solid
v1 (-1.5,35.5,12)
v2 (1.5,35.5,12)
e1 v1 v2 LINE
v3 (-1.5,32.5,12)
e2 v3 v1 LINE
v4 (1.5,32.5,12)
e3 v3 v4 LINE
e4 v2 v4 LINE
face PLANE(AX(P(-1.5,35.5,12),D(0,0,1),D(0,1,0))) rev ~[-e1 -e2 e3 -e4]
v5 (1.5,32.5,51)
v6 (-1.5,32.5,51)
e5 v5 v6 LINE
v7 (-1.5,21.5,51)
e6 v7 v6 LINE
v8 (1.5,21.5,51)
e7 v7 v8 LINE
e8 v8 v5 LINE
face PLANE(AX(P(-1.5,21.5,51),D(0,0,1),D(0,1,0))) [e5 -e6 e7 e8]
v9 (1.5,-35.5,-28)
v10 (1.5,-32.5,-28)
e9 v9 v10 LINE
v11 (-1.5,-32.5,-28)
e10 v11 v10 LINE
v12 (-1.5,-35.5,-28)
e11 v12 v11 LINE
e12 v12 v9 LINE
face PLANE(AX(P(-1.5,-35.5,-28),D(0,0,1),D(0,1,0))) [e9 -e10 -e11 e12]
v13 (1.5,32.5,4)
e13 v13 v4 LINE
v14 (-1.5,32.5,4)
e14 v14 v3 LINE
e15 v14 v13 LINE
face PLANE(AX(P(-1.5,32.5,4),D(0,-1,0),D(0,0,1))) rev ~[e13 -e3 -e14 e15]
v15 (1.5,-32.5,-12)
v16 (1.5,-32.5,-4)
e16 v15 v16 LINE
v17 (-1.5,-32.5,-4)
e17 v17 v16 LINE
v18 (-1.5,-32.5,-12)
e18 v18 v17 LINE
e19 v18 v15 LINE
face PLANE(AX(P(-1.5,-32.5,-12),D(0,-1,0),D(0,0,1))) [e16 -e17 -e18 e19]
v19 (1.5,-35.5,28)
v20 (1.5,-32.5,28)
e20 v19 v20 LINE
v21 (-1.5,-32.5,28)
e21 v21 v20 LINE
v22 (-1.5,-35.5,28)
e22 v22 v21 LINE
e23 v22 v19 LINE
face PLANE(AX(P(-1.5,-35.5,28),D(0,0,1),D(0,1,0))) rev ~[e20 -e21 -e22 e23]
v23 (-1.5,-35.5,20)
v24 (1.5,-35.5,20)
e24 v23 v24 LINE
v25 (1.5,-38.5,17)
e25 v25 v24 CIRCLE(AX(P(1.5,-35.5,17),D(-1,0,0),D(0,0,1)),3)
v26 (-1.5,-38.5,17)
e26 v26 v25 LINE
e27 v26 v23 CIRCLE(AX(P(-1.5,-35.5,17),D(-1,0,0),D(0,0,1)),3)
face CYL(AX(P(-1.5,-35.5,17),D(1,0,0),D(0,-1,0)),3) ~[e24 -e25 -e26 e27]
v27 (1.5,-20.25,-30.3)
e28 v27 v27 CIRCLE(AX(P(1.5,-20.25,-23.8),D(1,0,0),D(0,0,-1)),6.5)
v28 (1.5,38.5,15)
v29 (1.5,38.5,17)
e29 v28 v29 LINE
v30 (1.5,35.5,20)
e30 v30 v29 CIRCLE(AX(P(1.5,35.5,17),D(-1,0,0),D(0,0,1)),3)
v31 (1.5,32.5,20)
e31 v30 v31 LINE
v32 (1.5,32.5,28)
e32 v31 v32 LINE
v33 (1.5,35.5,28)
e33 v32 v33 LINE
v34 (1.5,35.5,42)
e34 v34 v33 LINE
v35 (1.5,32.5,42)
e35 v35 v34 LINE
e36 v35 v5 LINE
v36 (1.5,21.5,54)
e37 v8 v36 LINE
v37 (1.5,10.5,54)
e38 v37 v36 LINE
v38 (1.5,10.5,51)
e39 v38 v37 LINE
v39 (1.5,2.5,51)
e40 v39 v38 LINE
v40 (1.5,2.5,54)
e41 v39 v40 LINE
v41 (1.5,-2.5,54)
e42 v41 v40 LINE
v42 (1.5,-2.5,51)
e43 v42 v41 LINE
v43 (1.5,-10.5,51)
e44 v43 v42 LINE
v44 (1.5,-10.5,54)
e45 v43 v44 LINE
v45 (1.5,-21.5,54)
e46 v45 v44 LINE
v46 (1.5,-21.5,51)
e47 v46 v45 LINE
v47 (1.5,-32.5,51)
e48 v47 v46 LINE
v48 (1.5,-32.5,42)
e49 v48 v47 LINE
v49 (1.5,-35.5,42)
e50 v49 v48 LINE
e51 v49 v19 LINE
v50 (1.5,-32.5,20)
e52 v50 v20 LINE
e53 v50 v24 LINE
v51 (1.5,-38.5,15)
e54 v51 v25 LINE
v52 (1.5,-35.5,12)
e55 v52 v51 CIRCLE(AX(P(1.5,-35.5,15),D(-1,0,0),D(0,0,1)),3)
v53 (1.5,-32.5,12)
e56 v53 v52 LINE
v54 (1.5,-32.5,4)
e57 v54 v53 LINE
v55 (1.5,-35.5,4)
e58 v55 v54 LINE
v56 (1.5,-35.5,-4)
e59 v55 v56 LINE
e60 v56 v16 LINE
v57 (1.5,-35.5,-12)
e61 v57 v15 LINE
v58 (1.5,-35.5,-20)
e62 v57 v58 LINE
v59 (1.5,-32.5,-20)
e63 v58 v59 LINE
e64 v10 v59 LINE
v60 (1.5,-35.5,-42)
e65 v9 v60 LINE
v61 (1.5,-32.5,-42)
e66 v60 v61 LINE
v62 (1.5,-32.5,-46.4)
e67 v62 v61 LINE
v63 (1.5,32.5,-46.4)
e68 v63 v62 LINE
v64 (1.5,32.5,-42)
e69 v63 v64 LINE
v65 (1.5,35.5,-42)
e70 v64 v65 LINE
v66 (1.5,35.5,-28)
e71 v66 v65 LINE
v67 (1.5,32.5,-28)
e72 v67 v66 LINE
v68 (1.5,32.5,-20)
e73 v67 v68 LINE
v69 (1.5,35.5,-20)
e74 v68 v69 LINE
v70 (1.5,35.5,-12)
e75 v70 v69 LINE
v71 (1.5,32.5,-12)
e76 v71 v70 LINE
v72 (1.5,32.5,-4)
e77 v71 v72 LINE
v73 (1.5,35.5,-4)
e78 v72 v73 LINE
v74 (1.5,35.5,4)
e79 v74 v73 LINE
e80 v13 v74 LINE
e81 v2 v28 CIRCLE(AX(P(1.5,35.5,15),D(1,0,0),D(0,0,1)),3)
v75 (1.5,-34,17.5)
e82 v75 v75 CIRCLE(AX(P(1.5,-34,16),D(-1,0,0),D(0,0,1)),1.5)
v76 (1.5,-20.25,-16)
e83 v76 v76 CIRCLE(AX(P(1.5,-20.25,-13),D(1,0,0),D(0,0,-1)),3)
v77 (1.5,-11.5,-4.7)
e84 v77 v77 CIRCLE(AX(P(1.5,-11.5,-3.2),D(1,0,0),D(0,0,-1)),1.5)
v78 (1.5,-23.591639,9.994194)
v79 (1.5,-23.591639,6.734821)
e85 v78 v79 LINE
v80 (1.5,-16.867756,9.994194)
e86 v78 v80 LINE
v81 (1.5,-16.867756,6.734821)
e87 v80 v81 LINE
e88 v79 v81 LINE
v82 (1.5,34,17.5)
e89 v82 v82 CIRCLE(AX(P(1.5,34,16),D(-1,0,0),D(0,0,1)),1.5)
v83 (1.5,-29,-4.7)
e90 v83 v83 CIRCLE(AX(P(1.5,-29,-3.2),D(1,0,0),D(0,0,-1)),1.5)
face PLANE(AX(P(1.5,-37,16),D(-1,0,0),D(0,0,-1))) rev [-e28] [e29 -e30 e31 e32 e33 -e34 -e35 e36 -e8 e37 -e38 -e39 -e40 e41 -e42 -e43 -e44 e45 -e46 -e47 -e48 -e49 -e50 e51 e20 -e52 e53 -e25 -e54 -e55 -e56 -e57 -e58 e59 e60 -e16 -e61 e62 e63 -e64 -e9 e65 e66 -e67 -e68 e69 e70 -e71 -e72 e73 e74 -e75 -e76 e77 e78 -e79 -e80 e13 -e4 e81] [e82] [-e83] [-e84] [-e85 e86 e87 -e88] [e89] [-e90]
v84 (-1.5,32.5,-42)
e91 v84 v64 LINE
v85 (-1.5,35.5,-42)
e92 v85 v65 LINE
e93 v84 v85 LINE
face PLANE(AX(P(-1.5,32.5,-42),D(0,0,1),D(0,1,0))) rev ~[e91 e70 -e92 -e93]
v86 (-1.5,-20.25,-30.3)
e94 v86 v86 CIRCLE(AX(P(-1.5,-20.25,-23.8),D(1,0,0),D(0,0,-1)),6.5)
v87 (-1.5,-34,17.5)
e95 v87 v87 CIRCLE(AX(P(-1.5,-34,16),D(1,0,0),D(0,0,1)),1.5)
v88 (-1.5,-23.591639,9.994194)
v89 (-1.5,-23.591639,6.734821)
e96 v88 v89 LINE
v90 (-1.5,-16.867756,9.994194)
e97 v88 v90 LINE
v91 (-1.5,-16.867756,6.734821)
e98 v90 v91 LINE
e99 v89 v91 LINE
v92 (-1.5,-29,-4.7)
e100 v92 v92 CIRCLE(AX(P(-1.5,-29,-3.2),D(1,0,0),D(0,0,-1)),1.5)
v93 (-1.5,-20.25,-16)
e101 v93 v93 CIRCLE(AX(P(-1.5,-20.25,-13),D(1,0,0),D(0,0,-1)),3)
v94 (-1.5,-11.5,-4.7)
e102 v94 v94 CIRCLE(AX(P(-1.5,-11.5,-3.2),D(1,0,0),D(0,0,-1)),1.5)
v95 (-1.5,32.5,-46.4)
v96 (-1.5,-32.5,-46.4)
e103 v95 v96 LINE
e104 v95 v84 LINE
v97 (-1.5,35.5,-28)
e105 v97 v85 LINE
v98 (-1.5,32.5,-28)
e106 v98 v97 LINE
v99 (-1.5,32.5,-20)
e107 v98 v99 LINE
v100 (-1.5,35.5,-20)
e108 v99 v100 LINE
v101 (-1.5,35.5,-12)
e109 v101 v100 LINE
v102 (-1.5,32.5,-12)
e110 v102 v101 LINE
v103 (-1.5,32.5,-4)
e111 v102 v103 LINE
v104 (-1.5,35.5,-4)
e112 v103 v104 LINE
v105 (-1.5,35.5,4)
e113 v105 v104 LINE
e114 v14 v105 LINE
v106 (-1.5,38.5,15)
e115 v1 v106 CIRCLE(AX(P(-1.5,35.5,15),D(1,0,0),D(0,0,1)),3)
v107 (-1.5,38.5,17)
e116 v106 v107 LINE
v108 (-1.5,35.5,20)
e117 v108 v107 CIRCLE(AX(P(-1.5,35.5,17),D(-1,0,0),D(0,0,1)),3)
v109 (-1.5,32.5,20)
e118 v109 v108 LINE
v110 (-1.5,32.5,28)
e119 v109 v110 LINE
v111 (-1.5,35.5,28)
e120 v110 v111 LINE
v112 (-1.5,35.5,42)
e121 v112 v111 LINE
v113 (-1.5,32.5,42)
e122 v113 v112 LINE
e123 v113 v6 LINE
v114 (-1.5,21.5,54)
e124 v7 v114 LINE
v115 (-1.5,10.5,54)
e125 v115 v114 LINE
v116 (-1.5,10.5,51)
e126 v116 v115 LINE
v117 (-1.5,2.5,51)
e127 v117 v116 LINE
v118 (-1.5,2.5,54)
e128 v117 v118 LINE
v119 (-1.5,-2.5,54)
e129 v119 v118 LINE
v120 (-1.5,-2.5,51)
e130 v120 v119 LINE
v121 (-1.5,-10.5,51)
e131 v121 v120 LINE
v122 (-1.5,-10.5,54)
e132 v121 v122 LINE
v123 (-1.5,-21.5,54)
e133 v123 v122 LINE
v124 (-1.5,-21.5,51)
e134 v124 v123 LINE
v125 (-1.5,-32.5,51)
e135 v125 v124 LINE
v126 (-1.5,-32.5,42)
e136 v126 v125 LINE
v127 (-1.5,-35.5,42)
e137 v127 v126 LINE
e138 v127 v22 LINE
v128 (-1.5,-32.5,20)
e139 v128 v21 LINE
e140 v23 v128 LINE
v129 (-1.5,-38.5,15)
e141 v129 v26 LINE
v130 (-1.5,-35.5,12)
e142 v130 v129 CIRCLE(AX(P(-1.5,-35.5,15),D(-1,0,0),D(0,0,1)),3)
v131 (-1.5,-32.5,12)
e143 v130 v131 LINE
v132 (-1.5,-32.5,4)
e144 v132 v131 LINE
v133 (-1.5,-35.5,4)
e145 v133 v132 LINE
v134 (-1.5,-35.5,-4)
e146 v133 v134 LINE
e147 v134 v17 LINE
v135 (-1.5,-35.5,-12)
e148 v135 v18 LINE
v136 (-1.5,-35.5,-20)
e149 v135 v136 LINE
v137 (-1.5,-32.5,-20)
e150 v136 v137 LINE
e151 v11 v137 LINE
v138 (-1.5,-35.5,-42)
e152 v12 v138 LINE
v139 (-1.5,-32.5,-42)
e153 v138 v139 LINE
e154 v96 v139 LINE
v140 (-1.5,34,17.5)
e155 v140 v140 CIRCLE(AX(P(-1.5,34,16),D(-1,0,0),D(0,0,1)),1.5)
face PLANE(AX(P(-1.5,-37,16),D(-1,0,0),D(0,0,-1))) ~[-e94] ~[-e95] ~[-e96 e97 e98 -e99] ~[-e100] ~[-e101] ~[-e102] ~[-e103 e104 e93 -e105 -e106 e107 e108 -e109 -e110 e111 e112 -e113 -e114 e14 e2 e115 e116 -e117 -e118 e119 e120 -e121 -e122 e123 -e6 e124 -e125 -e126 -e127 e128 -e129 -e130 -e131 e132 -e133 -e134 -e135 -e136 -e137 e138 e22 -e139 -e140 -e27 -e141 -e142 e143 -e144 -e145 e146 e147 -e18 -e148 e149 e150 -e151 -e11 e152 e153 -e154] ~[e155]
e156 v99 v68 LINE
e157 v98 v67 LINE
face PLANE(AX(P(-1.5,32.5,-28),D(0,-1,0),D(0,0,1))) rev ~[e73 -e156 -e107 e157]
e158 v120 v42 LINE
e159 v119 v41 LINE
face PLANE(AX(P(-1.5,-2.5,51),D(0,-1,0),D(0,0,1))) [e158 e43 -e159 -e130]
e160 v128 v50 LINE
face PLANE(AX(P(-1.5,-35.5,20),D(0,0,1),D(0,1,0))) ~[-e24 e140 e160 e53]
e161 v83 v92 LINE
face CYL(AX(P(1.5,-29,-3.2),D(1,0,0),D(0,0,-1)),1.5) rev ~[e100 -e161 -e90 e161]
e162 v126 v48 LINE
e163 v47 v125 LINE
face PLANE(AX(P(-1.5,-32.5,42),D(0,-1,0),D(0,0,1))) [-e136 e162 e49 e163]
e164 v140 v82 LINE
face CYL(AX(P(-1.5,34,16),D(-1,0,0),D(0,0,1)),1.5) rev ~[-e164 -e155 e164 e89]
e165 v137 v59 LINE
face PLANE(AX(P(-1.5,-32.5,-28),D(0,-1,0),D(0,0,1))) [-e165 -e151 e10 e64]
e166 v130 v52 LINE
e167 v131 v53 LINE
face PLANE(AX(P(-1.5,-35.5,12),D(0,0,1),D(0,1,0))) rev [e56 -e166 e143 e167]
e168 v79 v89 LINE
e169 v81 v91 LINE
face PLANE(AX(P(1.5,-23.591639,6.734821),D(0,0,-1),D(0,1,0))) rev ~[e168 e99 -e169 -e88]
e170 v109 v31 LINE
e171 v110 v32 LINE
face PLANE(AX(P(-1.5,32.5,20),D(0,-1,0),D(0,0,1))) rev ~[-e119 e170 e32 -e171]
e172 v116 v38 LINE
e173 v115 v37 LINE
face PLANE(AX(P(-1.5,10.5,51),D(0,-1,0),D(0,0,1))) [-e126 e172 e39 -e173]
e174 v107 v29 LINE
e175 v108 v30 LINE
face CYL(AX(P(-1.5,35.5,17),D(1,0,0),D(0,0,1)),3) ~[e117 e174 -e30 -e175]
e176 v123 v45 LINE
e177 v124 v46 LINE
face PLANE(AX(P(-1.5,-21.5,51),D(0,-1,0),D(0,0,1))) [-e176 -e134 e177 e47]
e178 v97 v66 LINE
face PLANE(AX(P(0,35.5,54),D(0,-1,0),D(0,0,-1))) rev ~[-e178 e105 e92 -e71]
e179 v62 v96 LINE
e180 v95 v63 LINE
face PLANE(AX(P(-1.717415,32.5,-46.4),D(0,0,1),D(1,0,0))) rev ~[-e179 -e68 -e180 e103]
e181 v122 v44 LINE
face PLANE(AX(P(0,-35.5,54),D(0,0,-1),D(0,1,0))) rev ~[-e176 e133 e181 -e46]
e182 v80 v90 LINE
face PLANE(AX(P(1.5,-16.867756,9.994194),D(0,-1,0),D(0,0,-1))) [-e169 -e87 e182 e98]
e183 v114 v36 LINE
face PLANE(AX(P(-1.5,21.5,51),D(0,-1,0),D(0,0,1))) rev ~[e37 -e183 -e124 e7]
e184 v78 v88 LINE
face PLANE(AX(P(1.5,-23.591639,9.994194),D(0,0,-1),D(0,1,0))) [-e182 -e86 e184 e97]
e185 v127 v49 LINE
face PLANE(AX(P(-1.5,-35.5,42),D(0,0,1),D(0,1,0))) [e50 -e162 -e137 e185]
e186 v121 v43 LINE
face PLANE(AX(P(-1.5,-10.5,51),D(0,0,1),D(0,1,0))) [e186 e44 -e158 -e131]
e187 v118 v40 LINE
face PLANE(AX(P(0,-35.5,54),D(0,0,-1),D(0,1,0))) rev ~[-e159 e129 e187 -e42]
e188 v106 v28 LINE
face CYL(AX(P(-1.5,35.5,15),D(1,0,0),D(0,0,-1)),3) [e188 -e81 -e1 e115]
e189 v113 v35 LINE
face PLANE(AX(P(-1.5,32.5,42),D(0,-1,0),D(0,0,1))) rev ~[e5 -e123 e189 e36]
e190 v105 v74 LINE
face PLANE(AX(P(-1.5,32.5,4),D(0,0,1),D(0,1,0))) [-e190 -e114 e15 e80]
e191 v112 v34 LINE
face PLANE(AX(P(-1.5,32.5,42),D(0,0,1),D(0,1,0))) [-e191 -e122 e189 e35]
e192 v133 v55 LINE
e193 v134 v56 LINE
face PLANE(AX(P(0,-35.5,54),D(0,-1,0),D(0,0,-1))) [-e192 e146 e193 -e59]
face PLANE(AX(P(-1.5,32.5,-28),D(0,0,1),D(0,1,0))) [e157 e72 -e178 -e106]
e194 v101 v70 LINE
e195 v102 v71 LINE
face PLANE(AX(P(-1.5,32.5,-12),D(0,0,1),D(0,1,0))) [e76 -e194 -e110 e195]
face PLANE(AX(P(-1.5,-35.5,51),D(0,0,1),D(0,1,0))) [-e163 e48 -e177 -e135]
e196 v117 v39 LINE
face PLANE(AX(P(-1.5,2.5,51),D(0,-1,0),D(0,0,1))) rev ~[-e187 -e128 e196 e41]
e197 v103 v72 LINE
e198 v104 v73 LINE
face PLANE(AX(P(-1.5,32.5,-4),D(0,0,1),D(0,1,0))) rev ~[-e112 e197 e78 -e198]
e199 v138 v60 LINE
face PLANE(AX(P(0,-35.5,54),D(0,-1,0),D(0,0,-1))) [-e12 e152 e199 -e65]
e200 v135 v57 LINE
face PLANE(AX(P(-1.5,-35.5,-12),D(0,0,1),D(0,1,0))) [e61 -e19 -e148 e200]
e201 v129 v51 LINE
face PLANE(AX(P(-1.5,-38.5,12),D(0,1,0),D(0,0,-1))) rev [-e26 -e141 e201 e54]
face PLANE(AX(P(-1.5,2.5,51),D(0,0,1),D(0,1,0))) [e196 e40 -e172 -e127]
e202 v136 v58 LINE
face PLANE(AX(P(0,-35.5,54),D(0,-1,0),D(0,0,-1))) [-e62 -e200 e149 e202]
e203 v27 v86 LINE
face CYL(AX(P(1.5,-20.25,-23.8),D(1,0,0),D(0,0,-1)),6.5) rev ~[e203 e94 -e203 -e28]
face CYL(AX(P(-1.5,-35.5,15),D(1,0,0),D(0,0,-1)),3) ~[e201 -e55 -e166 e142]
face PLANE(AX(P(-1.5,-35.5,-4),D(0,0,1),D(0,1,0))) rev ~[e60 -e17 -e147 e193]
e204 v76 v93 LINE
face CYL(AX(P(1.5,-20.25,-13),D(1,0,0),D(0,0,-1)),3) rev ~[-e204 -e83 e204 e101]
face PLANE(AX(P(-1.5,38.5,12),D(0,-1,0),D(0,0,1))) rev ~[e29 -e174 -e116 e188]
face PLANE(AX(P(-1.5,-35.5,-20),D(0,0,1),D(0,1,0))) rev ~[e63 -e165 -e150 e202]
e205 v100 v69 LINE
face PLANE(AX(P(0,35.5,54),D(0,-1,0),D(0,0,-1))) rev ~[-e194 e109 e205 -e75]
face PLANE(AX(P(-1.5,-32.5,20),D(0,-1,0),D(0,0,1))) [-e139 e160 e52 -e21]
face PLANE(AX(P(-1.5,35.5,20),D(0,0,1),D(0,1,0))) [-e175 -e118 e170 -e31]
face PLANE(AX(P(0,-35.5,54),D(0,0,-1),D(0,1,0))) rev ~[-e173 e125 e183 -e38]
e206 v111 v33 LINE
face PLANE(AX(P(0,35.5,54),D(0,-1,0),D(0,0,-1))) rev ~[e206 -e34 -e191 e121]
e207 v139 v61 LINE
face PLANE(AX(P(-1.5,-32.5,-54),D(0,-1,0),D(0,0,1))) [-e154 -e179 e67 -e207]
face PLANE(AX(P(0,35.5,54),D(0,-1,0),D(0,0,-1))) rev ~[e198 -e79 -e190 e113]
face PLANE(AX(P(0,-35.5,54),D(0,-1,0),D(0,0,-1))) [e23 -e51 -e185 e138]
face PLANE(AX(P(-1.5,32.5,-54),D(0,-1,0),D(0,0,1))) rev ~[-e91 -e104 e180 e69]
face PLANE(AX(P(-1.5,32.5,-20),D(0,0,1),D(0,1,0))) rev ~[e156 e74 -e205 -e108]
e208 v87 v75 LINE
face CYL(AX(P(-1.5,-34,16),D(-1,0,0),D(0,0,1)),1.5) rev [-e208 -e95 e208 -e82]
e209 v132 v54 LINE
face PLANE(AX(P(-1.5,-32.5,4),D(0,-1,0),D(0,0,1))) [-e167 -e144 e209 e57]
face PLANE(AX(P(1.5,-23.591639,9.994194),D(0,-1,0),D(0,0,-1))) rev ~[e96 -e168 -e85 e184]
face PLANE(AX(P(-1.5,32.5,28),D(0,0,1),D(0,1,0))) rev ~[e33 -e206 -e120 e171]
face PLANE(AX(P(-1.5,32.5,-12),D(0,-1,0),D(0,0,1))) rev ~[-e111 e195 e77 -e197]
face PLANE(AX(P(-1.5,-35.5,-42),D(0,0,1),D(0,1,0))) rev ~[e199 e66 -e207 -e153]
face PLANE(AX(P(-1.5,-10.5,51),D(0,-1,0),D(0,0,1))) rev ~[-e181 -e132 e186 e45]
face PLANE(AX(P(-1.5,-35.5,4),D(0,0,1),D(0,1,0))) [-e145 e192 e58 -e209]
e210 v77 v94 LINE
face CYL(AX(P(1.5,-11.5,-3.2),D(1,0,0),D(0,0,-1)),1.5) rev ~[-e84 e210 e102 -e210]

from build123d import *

# Parameters (mm, degrees)
CROQUIS1_W               = 108
CROQUIS1_H               = 71
SALIENTE_EXTRUIR1_DEPTH  = 1.5
CROQUIS2_W               = 12
CROQUIS2_H               = 3
CROQUIS2_W_2             = 8
CORTAR_EXTRUIR1_DEPTH    = 3
CROQUIS4_W               = 8
CROQUIS4_H               = 3
SALIENTE_EXTRUIR2_DEPTH  = 3
REDONDEO1_R              = 3
CROQUIS5_R               = 1.5
CORTAR_EXTRUIR2_DEPTH    = 13
REDONDEO1_OF_SIMETR_A2_R = 3
CROQUIS6_W               = 3
CROQUIS6_H               = 14
CROQUIS6_H_2             = 8
CORTAR_EXTRUIR3_DEPTH    = 3
CROQUIS7_W               = 3.217414859
CROQUIS7_H               = 7.6
CORTAR_EXTRUIR4_DEPTH    = 73
CROQUIS8_R               = 6.5
CROQUIS8_R_2             = 3
CROQUIS8_R_3             = 1.5
CROQUIS8_W               = 3.259373519
CROQUIS8_H               = 6.723882433
CORTAR_EXTRUIR5_DEPTH    = 23


with BuildPart() as part:
    # Croquis1 → Saliente-Extruir1 (new, symmetric)
    with BuildSketch(Plane(origin=(0, 0, 0), x_dir=(0, 0, -1), z_dir=(1, 0, 0))):
        Rectangle(CROQUIS1_W, CROQUIS1_H)
    extrude(amount=SALIENTE_EXTRUIR1_DEPTH, both=True)

    # Croquis2 → Cortar-Extruir1 (cut)
    with BuildSketch(Plane.ZY.offset(1.5)):
        with Locations((-48, -34)):
            Rectangle(CROQUIS2_W, CROQUIS2_H)
        with Locations((-24, -34)):
            Rectangle(CROQUIS2_W_2, CROQUIS2_H)
        with Locations((-8, -34)):
            Rectangle(CROQUIS2_W_2, CROQUIS2_H)
        with Locations((8, -34)):
            Rectangle(CROQUIS2_W_2, CROQUIS2_H)
        with Locations((24, -34)):
            Rectangle(CROQUIS2_W_2, CROQUIS2_H)
        with Locations((48, -34)):
            Rectangle(CROQUIS2_W, CROQUIS2_H)
        with Locations((48, 34)):
            Rectangle(CROQUIS2_W, CROQUIS2_H)
        with Locations((24, 34)):
            Rectangle(CROQUIS2_W_2, CROQUIS2_H)
        with Locations((8, 34)):
            Rectangle(CROQUIS2_W_2, CROQUIS2_H)
        with Locations((-8, 34)):
            Rectangle(CROQUIS2_W_2, CROQUIS2_H)
        with Locations((-24, 34)):
            Rectangle(CROQUIS2_W_2, CROQUIS2_H)
        with Locations((-48, 34)):
            Rectangle(CROQUIS2_W, CROQUIS2_H)
    extrude(amount=-CORTAR_EXTRUIR1_DEPTH, mode=Mode.SUBTRACT)

    # Croquis4 → Saliente-Extruir2 (add)
    with BuildSketch(Plane.ZY.offset(1.5)):
        with Locations((16, 37)):
            Rectangle(CROQUIS4_W, CROQUIS4_H)
    saliente_extruir2 = extrude(amount=-SALIENTE_EXTRUIR2_DEPTH)

    # Redondeo1
    redondeo1_edges = [part.edges().sort_by_distance(p)[0] for p in [
        (0, 38.5, 12),
        (0, 38.5, 20),
    ]]
    fillet(redondeo1_edges, radius=REDONDEO1_R)

    # Croquis5 → Cortar-Extruir2 (cut)
    with BuildSketch(Plane.ZY.offset(1.5)):
        with Locations((16, 34)):
            Circle(CROQUIS5_R)
    cortar_extruir2 = extrude(amount=-CORTAR_EXTRUIR2_DEPTH, mode=Mode.SUBTRACT)

    # Simetr_a2: Saliente-Extruir2, Cortar-Extruir2 across plane
    add(saliente_extruir2.mirror(Plane.ZX))
    add(cortar_extruir2.mirror(Plane.ZX), mode=Mode.SUBTRACT)

    # Redondeo1 of Simetr_a2
    redondeo1_of_simetr_a2_edges = [part.edges().sort_by_distance(p)[0] for p in [
        (0, -38.5, 12),
        (0, -38.5, 20),
    ]]
    fillet(redondeo1_of_simetr_a2_edges, radius=REDONDEO1_OF_SIMETR_A2_R)

    # Croquis6 → Cortar-Extruir3 (cut)
    with BuildSketch(Plane.ZY.offset(1.5)):
        with Locations((52.5, -28.5)):
            Rectangle(CROQUIS6_W, CROQUIS6_H)
        with Locations((52.5, -6.5)):
            Rectangle(CROQUIS6_W, CROQUIS6_H_2)
        with Locations((52.5, 6.5)):
            Rectangle(CROQUIS6_W, CROQUIS6_H_2)
        with Locations((52.5, 28.5)):
            Rectangle(CROQUIS6_W, CROQUIS6_H)
    extrude(amount=-CORTAR_EXTRUIR3_DEPTH, mode=Mode.SUBTRACT)

    # Croquis7 → Cortar-Extruir4 (cut)
    with BuildSketch(Plane(origin=(0, 32.5, 0), x_dir=(1, 0, 0), z_dir=(0, 1, 0))):
        with Locations((-0.10870743, 50.2)):
            Rectangle(CROQUIS7_W, CROQUIS7_H)
    extrude(amount=-CORTAR_EXTRUIR4_DEPTH, mode=Mode.SUBTRACT)

    # Croquis8 → Cortar-Extruir5 (cut)
    with BuildSketch(Plane(origin=(1.5, 0, 0), x_dir=(0, 0, -1), z_dir=(1, 0, 0))):
        with Locations((23.8, -20.25)):
            Circle(CROQUIS8_R)
        with Locations((13, -20.25)):
            Circle(CROQUIS8_R_2)
        with Locations((3.2, -11.5)):
            Circle(CROQUIS8_R_3)
        with Locations((3.2, -29)):
            Circle(CROQUIS8_R_3)
        with Locations((-8.36450747, -20.229697644)):
            Rectangle(CROQUIS8_W, CROQUIS8_H)
    extrude(amount=-CORTAR_EXTRUIR5_DEPTH, mode=Mode.SUBTRACT)


solid = part.part
